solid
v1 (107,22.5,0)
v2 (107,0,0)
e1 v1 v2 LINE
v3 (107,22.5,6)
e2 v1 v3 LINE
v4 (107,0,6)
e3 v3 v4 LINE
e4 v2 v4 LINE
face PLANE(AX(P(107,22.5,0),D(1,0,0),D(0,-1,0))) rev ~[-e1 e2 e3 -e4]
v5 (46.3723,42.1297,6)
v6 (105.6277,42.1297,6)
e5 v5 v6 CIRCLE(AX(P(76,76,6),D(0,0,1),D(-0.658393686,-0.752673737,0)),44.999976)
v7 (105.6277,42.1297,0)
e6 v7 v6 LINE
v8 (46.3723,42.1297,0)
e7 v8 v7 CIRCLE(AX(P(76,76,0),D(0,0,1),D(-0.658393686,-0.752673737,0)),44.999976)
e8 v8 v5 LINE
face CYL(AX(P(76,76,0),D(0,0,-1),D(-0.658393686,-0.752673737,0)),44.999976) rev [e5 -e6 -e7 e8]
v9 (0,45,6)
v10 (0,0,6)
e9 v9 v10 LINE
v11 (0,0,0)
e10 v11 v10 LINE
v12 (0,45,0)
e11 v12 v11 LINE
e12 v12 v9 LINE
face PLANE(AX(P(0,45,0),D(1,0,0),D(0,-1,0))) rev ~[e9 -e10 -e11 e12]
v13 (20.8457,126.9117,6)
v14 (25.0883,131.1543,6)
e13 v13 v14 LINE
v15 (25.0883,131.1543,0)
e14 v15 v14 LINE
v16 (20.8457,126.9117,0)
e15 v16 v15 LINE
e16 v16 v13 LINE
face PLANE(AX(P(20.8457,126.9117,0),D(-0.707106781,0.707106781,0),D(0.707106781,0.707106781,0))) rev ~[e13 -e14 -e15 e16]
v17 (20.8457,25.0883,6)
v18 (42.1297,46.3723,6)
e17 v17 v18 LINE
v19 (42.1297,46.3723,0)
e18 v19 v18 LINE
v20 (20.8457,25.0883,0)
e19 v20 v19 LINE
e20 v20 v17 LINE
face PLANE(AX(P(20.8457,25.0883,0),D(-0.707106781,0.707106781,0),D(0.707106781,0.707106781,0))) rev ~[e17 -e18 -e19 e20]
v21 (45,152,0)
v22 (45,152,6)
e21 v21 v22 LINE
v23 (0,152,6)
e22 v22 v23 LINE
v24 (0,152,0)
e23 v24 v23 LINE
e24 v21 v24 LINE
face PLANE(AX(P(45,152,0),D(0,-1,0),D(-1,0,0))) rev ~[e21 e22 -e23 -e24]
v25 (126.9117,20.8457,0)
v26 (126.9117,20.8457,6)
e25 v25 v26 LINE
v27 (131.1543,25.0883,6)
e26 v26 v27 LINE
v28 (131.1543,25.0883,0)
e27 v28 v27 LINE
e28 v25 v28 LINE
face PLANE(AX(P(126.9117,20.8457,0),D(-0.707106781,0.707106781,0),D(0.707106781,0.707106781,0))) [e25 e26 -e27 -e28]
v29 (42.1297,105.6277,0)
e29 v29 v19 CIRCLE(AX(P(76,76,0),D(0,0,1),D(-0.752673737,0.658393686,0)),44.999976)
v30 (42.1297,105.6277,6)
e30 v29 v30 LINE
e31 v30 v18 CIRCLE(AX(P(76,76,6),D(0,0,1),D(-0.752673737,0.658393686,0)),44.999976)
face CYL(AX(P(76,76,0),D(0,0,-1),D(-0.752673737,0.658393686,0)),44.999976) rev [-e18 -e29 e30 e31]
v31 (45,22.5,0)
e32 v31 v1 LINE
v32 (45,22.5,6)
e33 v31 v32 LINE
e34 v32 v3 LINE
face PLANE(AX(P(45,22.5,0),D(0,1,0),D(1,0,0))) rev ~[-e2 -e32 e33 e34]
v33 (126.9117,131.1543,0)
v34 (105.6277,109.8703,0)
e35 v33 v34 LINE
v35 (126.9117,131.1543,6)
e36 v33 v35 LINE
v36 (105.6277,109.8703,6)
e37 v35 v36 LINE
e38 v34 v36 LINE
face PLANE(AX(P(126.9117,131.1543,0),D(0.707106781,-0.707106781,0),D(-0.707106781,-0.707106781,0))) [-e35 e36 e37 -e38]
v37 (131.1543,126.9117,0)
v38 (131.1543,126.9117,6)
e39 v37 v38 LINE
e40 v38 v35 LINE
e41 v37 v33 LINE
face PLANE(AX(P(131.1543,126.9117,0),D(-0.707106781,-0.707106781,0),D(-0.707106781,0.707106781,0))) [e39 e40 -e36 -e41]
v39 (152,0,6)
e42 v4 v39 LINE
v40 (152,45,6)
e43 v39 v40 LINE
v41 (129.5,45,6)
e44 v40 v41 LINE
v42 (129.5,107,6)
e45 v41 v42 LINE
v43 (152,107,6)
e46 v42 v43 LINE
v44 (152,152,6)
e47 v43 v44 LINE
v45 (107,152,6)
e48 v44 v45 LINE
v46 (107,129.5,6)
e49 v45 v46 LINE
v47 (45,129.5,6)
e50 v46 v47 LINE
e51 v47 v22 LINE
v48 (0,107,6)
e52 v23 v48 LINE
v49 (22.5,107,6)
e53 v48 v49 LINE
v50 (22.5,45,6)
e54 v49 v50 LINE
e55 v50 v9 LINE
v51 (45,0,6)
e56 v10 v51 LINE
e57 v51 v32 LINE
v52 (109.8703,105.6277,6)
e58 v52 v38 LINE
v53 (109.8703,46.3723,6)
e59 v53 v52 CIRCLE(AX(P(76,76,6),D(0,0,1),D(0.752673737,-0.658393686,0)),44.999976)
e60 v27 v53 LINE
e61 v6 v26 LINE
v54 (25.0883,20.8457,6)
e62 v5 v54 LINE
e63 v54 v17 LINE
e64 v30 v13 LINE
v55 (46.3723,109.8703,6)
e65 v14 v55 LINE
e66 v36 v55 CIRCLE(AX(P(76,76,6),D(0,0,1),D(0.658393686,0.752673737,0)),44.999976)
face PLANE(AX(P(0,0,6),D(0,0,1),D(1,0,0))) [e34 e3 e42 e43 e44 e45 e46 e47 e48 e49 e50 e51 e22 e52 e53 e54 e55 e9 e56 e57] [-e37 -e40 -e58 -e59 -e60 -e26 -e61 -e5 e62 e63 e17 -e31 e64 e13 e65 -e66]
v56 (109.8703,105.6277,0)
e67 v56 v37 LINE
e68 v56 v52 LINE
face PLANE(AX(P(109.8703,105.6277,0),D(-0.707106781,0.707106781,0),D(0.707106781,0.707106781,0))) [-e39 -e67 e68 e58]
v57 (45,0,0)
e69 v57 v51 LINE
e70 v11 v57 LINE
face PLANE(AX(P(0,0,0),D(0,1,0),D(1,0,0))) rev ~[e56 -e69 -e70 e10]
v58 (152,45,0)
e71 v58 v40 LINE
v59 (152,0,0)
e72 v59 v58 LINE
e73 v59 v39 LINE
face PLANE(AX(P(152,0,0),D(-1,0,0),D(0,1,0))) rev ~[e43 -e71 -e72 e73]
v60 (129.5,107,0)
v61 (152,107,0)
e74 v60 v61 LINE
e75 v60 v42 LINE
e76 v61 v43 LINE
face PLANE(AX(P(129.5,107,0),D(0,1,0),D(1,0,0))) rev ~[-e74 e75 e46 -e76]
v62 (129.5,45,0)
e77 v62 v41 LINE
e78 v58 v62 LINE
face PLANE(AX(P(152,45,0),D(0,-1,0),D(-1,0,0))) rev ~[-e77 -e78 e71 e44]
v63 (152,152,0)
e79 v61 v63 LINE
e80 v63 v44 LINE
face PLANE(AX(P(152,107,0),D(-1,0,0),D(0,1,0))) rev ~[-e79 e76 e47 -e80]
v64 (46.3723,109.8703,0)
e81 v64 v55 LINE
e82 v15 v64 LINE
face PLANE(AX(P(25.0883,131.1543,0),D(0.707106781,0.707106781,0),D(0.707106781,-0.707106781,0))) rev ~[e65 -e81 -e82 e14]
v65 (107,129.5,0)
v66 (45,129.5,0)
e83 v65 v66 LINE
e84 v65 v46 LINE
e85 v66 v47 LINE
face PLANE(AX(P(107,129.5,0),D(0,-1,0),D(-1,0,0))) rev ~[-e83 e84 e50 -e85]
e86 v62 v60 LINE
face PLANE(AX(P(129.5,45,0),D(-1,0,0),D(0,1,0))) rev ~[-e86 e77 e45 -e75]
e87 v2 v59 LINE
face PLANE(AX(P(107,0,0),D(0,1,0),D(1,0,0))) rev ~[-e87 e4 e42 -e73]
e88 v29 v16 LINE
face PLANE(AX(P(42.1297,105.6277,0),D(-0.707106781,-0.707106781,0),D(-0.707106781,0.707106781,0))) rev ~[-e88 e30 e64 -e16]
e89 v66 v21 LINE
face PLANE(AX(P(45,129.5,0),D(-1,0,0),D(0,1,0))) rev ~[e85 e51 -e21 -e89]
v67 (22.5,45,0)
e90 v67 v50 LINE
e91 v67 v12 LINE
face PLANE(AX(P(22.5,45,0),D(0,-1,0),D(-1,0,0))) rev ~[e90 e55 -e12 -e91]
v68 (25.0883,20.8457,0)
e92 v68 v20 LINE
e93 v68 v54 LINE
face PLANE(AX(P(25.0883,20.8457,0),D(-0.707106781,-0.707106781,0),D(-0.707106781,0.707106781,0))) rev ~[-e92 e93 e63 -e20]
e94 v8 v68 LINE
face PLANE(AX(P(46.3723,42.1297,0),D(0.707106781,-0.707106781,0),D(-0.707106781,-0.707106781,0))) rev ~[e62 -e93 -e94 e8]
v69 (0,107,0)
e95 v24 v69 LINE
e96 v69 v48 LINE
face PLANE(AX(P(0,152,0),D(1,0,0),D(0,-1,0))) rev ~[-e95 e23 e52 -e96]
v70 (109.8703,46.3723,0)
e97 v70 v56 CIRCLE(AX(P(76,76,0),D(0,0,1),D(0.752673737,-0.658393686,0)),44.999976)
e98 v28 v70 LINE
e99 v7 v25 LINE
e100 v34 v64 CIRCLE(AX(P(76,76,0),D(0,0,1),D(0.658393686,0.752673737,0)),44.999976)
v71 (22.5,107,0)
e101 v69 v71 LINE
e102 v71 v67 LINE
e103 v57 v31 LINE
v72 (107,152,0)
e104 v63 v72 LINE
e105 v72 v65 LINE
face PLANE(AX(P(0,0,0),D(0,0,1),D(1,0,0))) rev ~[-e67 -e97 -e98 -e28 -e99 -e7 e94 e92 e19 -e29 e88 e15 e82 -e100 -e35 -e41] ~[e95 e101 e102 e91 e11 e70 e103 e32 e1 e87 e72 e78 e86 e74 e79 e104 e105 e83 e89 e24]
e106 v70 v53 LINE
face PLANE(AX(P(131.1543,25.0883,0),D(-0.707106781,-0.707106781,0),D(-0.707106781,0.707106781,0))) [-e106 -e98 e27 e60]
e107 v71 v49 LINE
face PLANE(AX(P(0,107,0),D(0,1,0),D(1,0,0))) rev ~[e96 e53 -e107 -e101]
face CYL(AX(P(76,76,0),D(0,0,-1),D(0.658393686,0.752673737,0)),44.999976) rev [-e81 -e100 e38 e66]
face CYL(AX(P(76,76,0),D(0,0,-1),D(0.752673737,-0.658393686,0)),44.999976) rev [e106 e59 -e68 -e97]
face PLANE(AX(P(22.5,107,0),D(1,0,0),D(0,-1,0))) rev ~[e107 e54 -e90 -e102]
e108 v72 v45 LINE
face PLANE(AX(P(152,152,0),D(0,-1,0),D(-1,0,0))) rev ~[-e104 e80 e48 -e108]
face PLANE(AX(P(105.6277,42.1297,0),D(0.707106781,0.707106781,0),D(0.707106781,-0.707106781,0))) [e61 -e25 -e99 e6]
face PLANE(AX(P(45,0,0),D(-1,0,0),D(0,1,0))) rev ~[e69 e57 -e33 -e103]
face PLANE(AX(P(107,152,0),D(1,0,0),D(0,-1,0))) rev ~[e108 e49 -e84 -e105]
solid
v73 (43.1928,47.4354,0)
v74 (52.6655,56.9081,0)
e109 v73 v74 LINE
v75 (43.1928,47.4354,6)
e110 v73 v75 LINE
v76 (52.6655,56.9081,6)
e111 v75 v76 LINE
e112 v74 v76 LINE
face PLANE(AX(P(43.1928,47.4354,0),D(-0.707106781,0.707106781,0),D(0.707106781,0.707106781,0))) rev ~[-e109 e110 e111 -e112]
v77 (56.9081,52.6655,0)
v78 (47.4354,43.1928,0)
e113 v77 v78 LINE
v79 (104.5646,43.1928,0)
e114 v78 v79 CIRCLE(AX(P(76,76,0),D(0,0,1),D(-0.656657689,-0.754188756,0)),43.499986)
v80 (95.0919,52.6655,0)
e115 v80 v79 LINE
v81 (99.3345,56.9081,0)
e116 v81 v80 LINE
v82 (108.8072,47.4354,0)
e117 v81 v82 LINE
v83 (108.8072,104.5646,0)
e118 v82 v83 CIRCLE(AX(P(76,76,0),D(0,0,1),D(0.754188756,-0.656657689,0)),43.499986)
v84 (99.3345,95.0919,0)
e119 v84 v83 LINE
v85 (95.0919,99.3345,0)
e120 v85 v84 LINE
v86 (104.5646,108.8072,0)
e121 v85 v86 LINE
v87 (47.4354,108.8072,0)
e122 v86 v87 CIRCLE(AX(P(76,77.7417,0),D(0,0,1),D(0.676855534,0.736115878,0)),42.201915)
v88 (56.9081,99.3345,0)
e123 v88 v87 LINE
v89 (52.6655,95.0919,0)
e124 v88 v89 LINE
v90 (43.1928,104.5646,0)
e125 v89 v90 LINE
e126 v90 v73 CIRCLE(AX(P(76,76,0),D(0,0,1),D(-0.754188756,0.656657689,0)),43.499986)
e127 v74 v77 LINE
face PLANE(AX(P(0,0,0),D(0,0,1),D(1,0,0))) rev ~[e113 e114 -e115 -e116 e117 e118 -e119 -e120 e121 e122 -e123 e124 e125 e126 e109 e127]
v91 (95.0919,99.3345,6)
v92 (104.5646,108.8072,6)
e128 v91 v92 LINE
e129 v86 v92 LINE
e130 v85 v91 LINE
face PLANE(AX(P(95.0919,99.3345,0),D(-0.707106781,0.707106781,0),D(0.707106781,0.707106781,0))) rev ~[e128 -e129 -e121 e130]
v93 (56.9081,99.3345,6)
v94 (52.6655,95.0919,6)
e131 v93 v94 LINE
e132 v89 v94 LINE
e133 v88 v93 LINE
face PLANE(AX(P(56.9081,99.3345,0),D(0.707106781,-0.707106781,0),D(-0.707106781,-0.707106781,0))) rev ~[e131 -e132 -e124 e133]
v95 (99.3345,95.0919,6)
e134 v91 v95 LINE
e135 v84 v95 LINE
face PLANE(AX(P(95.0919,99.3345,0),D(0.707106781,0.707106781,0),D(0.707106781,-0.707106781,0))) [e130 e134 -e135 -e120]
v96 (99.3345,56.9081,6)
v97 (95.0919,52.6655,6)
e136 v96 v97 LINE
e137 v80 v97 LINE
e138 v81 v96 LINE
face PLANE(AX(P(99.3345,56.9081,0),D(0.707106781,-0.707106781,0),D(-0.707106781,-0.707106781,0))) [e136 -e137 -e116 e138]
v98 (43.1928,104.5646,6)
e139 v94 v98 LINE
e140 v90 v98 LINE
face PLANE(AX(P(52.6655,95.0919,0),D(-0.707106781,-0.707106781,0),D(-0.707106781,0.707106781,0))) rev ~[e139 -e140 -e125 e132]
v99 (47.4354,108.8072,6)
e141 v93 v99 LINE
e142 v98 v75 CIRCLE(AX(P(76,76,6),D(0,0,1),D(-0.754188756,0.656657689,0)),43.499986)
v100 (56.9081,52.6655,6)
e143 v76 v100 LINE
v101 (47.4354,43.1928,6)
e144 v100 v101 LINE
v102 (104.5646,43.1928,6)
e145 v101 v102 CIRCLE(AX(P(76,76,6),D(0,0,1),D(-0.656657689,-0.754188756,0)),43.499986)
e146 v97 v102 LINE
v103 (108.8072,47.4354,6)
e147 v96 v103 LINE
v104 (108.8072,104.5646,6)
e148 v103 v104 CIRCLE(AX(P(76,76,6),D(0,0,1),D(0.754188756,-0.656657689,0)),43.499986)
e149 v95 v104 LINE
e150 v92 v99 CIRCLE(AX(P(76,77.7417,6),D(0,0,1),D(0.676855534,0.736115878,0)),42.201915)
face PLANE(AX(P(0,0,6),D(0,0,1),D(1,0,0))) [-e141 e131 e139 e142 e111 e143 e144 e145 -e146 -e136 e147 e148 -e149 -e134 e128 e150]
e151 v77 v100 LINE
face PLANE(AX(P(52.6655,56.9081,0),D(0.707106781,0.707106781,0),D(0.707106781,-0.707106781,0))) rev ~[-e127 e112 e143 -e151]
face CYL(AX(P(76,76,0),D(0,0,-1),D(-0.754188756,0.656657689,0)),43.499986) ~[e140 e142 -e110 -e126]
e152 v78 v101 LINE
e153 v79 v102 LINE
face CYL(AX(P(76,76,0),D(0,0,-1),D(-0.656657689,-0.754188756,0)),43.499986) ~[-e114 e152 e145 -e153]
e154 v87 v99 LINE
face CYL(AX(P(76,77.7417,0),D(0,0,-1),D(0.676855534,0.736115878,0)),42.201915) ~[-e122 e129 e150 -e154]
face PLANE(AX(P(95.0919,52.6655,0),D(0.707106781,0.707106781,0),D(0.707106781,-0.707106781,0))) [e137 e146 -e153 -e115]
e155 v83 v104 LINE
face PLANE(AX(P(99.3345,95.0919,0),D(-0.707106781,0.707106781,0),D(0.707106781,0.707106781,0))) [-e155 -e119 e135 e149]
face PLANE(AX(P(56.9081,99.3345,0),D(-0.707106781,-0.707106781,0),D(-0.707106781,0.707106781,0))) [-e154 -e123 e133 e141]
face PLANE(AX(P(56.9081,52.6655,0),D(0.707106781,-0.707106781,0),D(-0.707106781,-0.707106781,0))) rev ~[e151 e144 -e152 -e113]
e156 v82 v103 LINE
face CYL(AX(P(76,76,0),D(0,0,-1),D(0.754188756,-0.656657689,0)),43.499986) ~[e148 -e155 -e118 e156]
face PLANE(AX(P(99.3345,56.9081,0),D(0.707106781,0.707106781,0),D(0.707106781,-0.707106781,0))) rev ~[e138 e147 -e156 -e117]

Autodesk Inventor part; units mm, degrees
ref_plane "YZ Plane" through (0, 0, 0) normal (1, 0, 0) x (0, 1, 0)
ref_plane "XZ Plane" through (0, 0, 0) normal (0, 1, 0) x (-1, 0, 0)
ref_plane "XY Plane" through (0, 0, 0) normal (0, 0, 1) x (1, 0, 0)
sketch "Szkic1" plane through (0, 0, 0) normal (0, 0, 1) x (1, 0, 0)
  line L0 (0, 0) -> (152, 0) construction
  line L1 (152, 0) -> (152, 152) construction
  line L2 (152, 152) -> (0, 152) construction
  line L3 (0, 152) -> (0, 0) construction
  line L4 (130, 22) -> (22, 22) construction
  line L5 (22, 22) -> (22, 130) construction
  line L6 (22, 130) -> (130, 130) construction
  line L7 (130, 130) -> (130, 22) construction
  line L8 (0, 0) -> (45, 0) construction
  line L9 (45, 0) -> (45, 45) construction
  line L10 (45, 45) -> (0, 45) construction
  line L11 (0, 45) -> (0, 0) construction
  line L12 (152, 0) -> (107, 0) construction
  line L13 (107, 0) -> (107, 45) construction
  line L14 (107, 45) -> (152, 45) construction
  line L15 (152, 45) -> (152, 0) construction
  line L16 (152, 152) -> (107, 152) construction
  line L17 (107, 152) -> (107, 107) construction
  line L18 (107, 107) -> (152, 107) construction
  line L19 (152, 107) -> (152, 152) construction
  line L20 (0, 152) -> (45, 152) construction
  line L21 (45, 152) -> (45, 107) construction
  line L22 (45, 107) -> (0, 107) construction
  line L23 (0, 107) -> (0, 152) construction
  line L24 (0, 0) -> (45, 0)
  line L25 (45, 0) -> (45, 22.5)
  line L26 (45, 22.5) -> (107, 22.5)
  line L27 (107, 22.5) -> (107, 0)
  line L28 (107, 0) -> (152, 0)
  line L29 (152, 0) -> (152, 45)
  line L30 (152, 45) -> (129.5, 45)
  line L31 (129.5, 45) -> (129.5, 107)
  line L32 (129.5, 107) -> (152, 107)
  line L33 (152, 107) -> (152, 152)
  line L34 (152, 152) -> (107, 152)
  line L35 (107, 152) -> (107, 129.5)
  line L36 (107, 129.5) -> (45, 129.5)
  line L37 (45, 129.5) -> (45, 152)
  line L38 (45, 152) -> (0, 152)
  line L39 (0, 152) -> (0, 107)
  line L40 (0, 107) -> (22.5, 107)
  line L41 (22.5, 107) -> (22.5, 45)
  line L42 (22.5, 45) -> (0, 45)
  line L43 (0, 45) -> (0, 0)
  line L44 (76, 129.5) -> (76, 76) construction
  circle A0 centre (76, 76) radius 45 construction
  line L45 (0, 152) -> (76, 76) construction
  line L46 (76, 76) -> (152, 0) construction
  line L47 (152, 152) -> (76, 76) construction
  line L48 (76, 76) -> (0, 0) construction
  line L49 (44.1802, 44.1802) -> (22.967, 22.967) construction
  line L50 (44.1802, 44.1802) -> (54.7868, 54.7868) construction
  line L51 (44.1802, 107.8198) -> (22.967, 129.033) construction
  line L52 (107.8198, 107.8198) -> (129.033, 129.033) construction
  line L53 (107.8198, 44.1802) -> (129.033, 22.967) construction
  line L54 (129.033, 129.033) -> (131.1543, 126.9117) construction
  line L55 (129.033, 129.033) -> (126.9117, 131.1543) construction
  line L56 (22.967, 129.033) -> (25.0883, 131.1543) construction
  line L57 (22.967, 129.033) -> (20.8457, 126.9117) construction
  line L58 (22.967, 22.967) -> (20.8457, 25.0883) construction
  line L59 (22.967, 22.967) -> (25.0883, 20.8457) construction
  line L60 (129.033, 22.967) -> (131.1543, 25.0883) construction
  line L61 (129.033, 22.967) -> (126.9117, 20.8457) construction
  line L62 (126.9117, 20.8457) -> (131.1543, 25.0883)
  line L63 (106.8058, 45.1942) -> (96.1992, 55.8008) construction
  arc A1 (109.8703, 46.3723) -> (109.8703, 105.6277) centre (76, 76) ccw
  line L64 (131.1543, 126.9117) -> (126.9117, 131.1543)
  line L65 (126.9117, 131.1543) -> (105.6277, 109.8703)
  line L66 (131.1543, 25.0883) -> (109.8703, 46.3723)
  arc A2 (105.6277, 109.8703) -> (46.3723, 109.8703) centre (76, 76) ccw
  arc A3 (42.1297, 105.6277) -> (42.1297, 46.3723) centre (76, 76) ccw
  arc A4 (46.3723, 42.1297) -> (105.6277, 42.1297) centre (76, 76) ccw
  circle A5 centre (76, 76) radius 43.5 construction
  line L67 (107.8198, 44.1802) -> (97.2132, 54.7868) construction
  line L68 (97.2132, 54.7868) -> (99.3345, 56.9081) construction
  line L69 (97.2132, 54.7868) -> (95.0919, 52.6655) construction
  line L70 (107.8198, 107.8198) -> (97.2132, 97.2132) construction
  line L71 (97.2132, 97.2132) -> (99.3345, 95.0919) construction
  line L72 (97.2132, 97.2132) -> (95.0919, 99.3345) construction
  line L73 (44.1802, 107.8198) -> (54.7868, 97.2132) construction
  line L74 (54.7868, 97.2132) -> (56.9081, 99.3345) construction
  line L75 (54.7868, 97.2132) -> (52.6655, 95.0919) construction
  line L76 (44.1802, 44.1802) -> (54.7868, 54.7868) construction
  line L77 (54.7868, 54.7868) -> (52.6655, 56.9081) construction
  line L78 (52.6655, 56.9081) -> (56.9081, 52.6655) construction
  line L79 (43.1928, 47.4354) -> (52.6655, 56.9081)
  line L80 (52.6655, 56.9081) -> (56.9081, 52.6655)
  line L81 (56.9081, 52.6655) -> (47.4354, 43.1928)
  line L82 (99.3345, 56.9081) -> (108.8072, 47.4354)
  line L83 (99.3345, 56.9081) -> (95.0919, 52.6655)
  line L84 (95.0919, 52.6655) -> (104.5646, 43.1928)
  line L85 (95.0919, 99.3345) -> (104.5646, 108.8072)
  line L86 (95.0919, 99.3345) -> (99.3345, 95.0919)
  line L87 (99.3345, 95.0919) -> (108.8072, 104.5646)
  line L88 (56.9081, 99.3345) -> (47.4354, 108.8072)
  line L89 (56.9081, 99.3345) -> (52.6655, 95.0919)
  line L90 (52.6655, 95.0919) -> (43.1928, 104.5646)
  arc A6 (108.8072, 47.4354) -> (108.8072, 104.5646) centre (76, 76) ccw
  arc A7 (47.4354, 43.1928) -> (104.5646, 43.1928) centre (76, 76) ccw
  arc A8 (43.1928, 104.5646) -> (43.1928, 47.4354) centre (76, 76) ccw
  arc A9 (104.5646, 108.8072) -> (47.4354, 108.8072) centre (76, 77.7417) ccw
  line L91 (105.6277, 42.1297) -> (126.9117, 20.8457)
  line L92 (109.8703, 105.6277) -> (131.1543, 126.9117)
  line L93 (46.3723, 42.1297) -> (25.0883, 20.8457)
  line L94 (25.0883, 20.8457) -> (20.8457, 25.0883)
  line L95 (20.8457, 25.0883) -> (42.1297, 46.3723)
  line L96 (42.1297, 105.6277) -> (20.8457, 126.9117)
  line L97 (20.8457, 126.9117) -> (25.0883, 131.1543)
  line L98 (25.0883, 131.1543) -> (46.3723, 109.8703)
  line L99 (76, 76) -> (119.5, 76) construction
  line L100 (76, 76) -> (129.5, 76) construction
  line L101 (121, 76) -> (129.5, 76) construction
  dimension "d11" = 90
  dimension "d35" = 1.5
  dimension "d0" = 152
  dimension "d1" = 152
  dimension "d2" = 22
  dimension "d3" = 45
  dimension "d4" = 45
  dimension "d5" = 45
  dimension "d6" = 45
  dimension "d7" = 45
  dimension "d8" = 45
  dimension "d9" = 45
  dimension "d10" = 45
  dimension "d12" = 30
  dimension "d14" = 30
  dimension "d16" = 30
  dimension "d18" = 30
  dimension "d20" = 3
  dimension "d21" = 3
  dimension "d22" = 3
  dimension "d23" = 3
  dimension "d24" = 3
  dimension "d25" = 3
  dimension "d36" = 15
  dimension "d37" = 3
  dimension "d38" = 3
  dimension "d39" = 15
  dimension "d40" = 3
  dimension "d41" = 3
  dimension "d42" = 15
  dimension "d43" = 3
  dimension "d44" = 3
  dimension "d45" = 15
  dimension "d46" = 3
  dimension "d47" = 6
  dimension "d50" = 43.5
  dimension "d51" = 8.5
extrude "Wyciągnięcie proste1" add sketch "Szkic1" along normal blind 6
equation "\"d1\" = d0"
properties part number "Zamek_I"
